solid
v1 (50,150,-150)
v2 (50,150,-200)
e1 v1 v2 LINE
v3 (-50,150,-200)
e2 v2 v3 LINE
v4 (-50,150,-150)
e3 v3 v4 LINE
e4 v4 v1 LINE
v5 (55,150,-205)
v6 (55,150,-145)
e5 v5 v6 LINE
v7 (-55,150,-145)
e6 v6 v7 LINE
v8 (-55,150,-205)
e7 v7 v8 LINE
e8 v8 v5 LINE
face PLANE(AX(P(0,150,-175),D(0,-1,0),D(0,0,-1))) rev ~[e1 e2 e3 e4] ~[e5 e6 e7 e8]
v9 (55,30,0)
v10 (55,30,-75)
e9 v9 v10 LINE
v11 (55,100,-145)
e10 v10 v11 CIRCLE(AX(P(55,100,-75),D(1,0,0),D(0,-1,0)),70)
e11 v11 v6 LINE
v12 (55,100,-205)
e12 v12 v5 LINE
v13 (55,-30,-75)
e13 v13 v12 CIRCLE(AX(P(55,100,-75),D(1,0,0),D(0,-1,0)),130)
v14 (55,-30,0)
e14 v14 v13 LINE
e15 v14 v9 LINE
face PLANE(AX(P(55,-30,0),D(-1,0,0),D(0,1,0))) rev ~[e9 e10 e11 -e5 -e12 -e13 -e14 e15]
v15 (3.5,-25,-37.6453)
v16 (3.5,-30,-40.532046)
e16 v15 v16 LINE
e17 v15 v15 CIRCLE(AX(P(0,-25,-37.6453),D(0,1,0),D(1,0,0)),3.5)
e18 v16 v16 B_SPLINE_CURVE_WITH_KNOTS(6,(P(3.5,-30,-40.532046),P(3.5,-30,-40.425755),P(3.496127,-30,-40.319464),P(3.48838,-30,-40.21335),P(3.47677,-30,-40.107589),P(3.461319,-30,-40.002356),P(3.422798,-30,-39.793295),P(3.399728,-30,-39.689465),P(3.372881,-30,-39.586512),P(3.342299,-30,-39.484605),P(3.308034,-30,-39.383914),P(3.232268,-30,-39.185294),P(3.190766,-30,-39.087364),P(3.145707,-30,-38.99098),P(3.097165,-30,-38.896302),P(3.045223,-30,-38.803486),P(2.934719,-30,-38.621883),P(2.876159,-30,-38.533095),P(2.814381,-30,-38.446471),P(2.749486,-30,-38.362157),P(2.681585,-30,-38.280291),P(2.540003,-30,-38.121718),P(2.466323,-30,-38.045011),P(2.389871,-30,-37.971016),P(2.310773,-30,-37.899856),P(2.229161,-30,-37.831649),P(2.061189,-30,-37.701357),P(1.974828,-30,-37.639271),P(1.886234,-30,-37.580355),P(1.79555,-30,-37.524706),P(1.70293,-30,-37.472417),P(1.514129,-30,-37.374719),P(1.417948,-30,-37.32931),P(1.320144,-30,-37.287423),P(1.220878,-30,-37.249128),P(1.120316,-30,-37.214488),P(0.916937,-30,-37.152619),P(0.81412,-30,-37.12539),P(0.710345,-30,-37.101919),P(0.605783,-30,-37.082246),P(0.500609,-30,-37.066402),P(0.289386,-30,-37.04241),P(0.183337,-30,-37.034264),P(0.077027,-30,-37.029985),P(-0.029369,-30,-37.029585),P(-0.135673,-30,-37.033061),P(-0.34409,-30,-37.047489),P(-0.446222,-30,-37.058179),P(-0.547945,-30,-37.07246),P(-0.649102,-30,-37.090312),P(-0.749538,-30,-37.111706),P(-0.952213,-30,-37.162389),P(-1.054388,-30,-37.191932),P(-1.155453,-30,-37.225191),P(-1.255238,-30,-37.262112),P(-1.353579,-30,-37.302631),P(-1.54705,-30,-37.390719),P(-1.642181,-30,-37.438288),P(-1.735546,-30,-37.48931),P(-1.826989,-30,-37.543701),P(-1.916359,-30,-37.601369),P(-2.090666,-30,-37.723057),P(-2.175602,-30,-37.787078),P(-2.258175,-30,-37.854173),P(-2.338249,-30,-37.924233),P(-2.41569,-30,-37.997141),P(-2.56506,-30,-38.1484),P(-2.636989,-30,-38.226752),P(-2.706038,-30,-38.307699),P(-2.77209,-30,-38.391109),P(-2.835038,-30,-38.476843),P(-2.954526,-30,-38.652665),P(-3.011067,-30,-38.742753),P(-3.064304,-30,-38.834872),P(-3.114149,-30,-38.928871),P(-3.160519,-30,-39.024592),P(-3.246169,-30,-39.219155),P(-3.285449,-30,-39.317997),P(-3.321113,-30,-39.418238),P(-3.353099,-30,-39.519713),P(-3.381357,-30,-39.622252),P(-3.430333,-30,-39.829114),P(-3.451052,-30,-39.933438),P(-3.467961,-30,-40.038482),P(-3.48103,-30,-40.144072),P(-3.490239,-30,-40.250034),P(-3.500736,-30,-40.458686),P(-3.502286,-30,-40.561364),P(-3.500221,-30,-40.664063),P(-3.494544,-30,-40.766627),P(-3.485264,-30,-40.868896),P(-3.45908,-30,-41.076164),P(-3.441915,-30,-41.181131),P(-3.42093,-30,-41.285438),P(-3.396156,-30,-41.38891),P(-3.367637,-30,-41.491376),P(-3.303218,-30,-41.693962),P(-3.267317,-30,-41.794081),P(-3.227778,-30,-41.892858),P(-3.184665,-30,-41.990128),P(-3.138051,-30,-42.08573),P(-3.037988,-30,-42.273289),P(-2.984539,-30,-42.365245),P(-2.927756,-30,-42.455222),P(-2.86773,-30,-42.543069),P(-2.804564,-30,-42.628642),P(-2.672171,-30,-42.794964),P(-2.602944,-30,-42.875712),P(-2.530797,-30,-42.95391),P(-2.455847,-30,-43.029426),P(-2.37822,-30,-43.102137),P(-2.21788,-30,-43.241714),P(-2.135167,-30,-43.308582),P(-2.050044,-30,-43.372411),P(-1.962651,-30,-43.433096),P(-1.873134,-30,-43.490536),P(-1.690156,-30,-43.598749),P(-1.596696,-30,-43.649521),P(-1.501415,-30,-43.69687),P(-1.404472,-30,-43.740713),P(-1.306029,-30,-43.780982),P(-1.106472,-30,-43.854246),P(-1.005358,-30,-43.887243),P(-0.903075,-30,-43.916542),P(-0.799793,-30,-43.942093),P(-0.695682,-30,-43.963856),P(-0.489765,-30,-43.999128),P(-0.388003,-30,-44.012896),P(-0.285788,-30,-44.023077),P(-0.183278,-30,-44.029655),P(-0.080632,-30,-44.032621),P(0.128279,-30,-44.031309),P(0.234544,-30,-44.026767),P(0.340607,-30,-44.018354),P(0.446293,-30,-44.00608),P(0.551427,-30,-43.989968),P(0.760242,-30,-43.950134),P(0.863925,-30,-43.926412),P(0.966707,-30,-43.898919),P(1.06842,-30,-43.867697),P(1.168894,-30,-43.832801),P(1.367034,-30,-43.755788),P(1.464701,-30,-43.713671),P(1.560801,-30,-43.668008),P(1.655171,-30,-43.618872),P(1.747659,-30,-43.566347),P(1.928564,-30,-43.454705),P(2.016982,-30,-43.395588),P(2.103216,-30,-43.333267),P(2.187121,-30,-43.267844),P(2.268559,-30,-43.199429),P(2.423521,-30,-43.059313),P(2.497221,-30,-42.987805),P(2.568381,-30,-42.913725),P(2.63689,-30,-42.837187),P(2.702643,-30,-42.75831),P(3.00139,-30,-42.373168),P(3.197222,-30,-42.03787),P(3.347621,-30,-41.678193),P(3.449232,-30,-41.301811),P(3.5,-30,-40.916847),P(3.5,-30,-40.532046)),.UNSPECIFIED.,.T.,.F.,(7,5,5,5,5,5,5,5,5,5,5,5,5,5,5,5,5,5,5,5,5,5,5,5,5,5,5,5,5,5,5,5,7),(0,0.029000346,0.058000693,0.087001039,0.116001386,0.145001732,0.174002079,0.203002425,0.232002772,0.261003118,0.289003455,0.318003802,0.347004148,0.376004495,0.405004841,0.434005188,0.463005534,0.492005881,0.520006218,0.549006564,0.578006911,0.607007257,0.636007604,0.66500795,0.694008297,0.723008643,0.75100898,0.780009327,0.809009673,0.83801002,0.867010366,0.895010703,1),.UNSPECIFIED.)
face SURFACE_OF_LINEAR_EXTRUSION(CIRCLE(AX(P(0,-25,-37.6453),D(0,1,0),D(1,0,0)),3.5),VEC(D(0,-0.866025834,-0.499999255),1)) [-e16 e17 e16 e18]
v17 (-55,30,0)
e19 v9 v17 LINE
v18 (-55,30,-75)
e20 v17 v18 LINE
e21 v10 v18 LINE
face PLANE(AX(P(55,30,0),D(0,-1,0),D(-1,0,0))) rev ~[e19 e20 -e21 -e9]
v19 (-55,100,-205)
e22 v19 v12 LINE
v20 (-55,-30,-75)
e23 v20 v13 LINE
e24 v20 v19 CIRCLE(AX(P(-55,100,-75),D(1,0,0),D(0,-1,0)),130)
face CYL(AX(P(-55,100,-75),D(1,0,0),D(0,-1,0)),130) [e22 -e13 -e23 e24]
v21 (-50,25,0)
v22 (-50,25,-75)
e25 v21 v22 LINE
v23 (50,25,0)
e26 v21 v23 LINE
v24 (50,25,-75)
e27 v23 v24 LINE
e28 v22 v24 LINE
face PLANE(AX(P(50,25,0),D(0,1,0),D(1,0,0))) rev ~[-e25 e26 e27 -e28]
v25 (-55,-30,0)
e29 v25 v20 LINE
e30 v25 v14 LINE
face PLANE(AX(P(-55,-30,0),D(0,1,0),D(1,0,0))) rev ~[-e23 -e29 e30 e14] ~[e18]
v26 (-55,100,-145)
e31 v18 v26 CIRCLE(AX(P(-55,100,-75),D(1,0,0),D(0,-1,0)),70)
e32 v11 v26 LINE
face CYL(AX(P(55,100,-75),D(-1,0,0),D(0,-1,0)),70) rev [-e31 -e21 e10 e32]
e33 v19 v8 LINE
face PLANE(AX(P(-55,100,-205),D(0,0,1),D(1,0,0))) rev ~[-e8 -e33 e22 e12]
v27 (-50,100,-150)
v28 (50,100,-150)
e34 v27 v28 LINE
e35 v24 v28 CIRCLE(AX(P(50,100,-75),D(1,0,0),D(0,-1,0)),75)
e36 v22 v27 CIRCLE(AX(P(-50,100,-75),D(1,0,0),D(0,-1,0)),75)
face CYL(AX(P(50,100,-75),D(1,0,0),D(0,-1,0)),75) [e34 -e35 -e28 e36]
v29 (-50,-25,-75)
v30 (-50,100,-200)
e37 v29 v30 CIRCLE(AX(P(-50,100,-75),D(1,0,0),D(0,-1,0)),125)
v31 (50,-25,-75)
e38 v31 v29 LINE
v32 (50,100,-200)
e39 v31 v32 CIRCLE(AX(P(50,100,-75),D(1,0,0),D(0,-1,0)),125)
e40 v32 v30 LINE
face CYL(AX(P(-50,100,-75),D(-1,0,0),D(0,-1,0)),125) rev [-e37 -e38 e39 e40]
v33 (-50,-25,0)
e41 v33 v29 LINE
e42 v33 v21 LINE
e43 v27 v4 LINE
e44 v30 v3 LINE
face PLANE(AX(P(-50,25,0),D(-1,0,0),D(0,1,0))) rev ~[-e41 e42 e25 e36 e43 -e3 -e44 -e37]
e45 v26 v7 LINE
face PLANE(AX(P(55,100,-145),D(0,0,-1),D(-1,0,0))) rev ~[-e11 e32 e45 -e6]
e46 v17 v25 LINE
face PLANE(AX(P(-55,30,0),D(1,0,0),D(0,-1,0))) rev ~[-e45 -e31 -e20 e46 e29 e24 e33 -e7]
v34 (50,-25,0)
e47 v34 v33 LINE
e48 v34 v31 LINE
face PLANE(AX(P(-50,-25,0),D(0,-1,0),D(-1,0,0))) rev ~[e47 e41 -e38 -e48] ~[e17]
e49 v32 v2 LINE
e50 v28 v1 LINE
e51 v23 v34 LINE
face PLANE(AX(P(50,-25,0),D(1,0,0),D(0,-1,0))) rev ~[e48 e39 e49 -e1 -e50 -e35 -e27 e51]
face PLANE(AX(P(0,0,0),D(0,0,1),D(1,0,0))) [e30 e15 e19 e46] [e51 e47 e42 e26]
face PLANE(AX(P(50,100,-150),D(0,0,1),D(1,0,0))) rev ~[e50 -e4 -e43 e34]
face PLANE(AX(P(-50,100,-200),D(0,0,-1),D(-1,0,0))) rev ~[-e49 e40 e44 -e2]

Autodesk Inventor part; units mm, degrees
ref_plane "YZ Plane" through (0, 0, 0) normal (1, 0, 0) x (0, 1, 0)
ref_plane "XZ Plane" through (0, 0, 0) normal (0, 1, 0) x (-1, 0, 0)
sketch "Sketch2" plane through (0, 0, 0) normal (0, 0, 1) x (1, 0, 0)
  line L0 (-50, -25) -> (50, -25)
  line L1 (50, -25) -> (50, 25)
  line L2 (50, 25) -> (-50, 25)
  line L3 (-50, 25) -> (-50, -25)
  line L4 (-50, -25) -> (50, 25) construction
  line L5 (50, -25) -> (-50, 25) construction
  line L6 (-55, -30) -> (55, -30)
  line L7 (55, -30) -> (55, 30)
  line L8 (55, 30) -> (-55, 30)
  line L9 (-55, 30) -> (-55, -30)
  line L10 (-55, -30) -> (55, 30) construction
  line L11 (55, -30) -> (-55, 30) construction
  point P0 (0, 0)
  dimension "d0" = 100
  dimension "d1" = 50
  dimension "d2" = 110
  dimension "d3" = 60
sketch "Sketch3" plane through (0, 0, 0) normal (1, 0, 0) x (0, 1, 0)
  line L0 (0, 0) -> (0, -75)
  arc A0 (0, -75) -> (100, -175) centre (100, -75) ccw
  line L1 (100, -75) -> (100, -175) construction
  line L2 (100, -75) -> (0, -75) construction
  line L3 (100, -175) -> (150, -175)
sweep "Sweep1" add profiles "Sketch2" path "Sketch3"
ref_plane "Work Plane6" through (0, -25, 0) normal (1, 0, 0) x (0, 0, -1)
sketch "Sketch7" plane through (0, -25, 0) normal (1, 0, 0) x (0, 0, -1)
  line L0 (0, 0) -> (75, 0) projected
  line L1 (37.5, 0) -> (60.4539, -39.7574)
  line L2 (37.5, 0) -> (83.4079, 0) construction
  point P0 (0, 25)
  dimension "d21" = 60
sketch "Sketch10" plane through (-50, -25, 0) normal (0, 1, 0) x (1, 0, 0)
  circle A0 centre (50, 37.6453) radius 3.5
  point P0 (50, 0)
  dimension "d22" = 7
sweep "Sweep2" cut profiles "Sketch10" path "Sketch7" path curves L1
properties part number "RecTubeNewTappingAngle"
